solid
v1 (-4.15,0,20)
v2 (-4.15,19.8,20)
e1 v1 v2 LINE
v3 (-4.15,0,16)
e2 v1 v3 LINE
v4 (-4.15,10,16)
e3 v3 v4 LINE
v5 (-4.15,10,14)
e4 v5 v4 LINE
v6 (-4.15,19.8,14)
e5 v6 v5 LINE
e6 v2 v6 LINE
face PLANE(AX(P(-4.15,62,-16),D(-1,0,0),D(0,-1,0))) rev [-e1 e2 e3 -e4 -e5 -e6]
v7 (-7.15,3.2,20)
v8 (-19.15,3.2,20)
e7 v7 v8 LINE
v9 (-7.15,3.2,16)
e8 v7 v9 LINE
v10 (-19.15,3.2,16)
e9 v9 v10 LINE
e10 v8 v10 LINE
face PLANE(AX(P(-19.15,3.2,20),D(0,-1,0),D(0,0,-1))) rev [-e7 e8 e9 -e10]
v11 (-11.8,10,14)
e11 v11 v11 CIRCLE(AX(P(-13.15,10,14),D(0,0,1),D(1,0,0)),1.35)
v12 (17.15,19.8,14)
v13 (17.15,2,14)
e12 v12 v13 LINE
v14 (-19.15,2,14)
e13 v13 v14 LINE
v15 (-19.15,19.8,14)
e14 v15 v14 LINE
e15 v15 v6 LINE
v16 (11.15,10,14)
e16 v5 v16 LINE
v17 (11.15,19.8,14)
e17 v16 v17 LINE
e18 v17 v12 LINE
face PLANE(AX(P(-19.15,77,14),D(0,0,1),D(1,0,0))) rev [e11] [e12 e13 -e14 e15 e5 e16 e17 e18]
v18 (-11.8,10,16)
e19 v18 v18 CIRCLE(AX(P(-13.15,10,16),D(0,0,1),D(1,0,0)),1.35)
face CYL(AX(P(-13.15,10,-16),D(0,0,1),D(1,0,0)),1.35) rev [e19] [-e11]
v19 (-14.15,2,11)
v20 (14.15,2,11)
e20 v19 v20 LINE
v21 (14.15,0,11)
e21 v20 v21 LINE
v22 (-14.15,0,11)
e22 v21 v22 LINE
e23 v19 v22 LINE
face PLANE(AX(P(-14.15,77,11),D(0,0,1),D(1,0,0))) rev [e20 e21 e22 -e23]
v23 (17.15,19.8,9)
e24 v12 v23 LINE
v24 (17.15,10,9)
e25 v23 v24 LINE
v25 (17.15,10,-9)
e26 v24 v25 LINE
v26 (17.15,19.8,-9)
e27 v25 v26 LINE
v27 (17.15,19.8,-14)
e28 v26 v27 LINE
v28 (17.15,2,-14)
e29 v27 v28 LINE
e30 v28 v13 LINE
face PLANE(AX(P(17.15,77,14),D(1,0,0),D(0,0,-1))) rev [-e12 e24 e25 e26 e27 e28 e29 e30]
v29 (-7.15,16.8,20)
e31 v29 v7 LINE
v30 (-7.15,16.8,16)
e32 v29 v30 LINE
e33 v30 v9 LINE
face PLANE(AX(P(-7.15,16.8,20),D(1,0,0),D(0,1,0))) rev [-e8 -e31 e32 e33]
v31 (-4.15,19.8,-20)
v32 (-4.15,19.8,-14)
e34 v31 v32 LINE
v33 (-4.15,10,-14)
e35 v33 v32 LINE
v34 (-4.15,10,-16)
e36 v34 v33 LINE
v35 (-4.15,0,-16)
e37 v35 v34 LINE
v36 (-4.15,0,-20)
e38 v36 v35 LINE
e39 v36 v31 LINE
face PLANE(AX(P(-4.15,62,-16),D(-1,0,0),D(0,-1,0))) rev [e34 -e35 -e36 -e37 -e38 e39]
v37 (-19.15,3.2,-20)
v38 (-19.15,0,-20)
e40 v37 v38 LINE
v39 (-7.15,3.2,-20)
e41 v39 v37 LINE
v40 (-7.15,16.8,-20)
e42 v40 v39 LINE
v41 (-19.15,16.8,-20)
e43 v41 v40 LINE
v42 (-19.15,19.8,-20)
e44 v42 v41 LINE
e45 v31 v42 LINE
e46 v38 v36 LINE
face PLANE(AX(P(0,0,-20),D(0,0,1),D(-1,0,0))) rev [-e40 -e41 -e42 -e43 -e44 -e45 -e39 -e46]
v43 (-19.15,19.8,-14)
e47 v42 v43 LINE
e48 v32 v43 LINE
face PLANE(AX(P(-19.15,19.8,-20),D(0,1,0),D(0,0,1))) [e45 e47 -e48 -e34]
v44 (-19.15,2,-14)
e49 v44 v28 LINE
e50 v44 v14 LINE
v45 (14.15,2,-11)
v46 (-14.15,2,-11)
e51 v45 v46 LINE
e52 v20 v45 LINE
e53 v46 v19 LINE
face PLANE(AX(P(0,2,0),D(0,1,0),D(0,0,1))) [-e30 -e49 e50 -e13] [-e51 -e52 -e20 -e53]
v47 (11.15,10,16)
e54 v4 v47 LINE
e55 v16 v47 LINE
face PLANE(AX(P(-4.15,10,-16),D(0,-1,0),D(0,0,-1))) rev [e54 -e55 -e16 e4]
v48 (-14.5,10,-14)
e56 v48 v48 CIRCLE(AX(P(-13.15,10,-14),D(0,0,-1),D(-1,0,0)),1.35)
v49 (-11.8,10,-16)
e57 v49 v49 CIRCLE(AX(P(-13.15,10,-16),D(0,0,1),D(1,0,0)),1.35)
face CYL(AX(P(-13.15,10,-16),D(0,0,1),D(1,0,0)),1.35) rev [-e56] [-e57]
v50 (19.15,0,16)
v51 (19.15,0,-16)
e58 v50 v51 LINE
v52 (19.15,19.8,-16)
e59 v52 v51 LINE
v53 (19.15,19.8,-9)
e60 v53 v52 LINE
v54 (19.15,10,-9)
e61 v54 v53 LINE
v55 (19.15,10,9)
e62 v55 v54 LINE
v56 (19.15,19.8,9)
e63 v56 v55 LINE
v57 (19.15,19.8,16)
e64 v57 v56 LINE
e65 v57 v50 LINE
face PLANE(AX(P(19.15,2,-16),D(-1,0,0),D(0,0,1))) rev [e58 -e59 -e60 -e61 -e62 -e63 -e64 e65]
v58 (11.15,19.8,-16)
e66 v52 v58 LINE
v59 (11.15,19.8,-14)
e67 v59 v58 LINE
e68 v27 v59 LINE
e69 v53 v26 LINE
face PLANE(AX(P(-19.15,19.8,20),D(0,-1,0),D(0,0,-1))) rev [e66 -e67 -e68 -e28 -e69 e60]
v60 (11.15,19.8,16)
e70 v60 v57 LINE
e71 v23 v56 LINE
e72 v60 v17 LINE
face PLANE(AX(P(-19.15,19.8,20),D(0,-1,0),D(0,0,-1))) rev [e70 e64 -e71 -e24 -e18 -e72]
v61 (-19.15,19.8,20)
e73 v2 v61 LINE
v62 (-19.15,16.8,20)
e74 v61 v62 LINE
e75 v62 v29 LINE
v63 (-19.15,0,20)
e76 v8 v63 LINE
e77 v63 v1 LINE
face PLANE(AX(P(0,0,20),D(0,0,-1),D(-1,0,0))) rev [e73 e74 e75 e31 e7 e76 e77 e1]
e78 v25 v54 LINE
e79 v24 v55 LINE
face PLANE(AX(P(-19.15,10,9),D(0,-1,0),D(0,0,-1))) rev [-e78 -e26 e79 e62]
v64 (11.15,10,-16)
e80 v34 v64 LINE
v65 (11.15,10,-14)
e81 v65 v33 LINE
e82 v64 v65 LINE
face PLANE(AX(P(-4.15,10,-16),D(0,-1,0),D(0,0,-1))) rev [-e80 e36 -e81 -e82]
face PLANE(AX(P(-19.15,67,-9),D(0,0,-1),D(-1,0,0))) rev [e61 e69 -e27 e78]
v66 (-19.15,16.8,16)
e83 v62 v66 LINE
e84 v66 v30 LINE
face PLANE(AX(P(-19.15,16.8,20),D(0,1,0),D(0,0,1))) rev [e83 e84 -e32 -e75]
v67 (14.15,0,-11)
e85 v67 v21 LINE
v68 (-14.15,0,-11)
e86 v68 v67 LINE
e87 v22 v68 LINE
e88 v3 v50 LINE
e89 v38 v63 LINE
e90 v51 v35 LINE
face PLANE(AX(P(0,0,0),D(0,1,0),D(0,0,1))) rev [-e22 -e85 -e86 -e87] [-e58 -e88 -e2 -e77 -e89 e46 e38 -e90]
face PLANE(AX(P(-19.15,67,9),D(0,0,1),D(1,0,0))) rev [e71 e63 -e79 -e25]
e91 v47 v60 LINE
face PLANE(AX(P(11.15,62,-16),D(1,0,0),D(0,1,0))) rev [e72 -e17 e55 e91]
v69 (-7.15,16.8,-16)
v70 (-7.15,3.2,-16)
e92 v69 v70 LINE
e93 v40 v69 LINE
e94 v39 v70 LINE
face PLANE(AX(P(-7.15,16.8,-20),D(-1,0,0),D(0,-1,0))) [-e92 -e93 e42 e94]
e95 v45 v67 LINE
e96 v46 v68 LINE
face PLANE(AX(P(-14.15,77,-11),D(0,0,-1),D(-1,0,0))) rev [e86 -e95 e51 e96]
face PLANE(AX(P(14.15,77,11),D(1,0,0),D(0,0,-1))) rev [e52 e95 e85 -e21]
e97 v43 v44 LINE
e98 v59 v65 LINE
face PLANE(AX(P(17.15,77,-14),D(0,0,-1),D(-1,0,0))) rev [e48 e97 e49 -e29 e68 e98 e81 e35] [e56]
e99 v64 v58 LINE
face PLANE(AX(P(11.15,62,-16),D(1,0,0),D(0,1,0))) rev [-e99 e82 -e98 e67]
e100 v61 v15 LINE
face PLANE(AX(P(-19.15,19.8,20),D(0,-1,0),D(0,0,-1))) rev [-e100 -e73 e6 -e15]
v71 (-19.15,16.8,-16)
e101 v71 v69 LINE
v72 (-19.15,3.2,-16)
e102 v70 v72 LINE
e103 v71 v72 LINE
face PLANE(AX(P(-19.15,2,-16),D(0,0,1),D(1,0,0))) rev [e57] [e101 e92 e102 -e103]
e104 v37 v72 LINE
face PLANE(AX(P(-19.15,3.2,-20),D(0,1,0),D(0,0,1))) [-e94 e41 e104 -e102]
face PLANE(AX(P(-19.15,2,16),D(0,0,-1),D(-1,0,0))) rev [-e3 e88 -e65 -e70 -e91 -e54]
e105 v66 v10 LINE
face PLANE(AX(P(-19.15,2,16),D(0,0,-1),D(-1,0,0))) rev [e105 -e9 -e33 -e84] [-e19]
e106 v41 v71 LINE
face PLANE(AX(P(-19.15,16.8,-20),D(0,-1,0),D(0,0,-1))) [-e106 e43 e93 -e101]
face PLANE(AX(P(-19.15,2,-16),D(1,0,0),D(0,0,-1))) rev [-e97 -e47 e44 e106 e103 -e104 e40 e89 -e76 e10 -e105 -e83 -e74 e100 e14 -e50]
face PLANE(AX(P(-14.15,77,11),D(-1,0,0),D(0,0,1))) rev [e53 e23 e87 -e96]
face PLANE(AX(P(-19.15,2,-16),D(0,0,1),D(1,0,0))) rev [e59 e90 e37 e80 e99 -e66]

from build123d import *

# Parameters (mm, degrees)
SKETCH_1_W           = 38.3
SKETCH_1_H           = 32
EXTRUDE_1_DEPTH      = 2
EXTRUDE_2_DEPTH      = 75
SKETCH_9_R           = 1.35
CUT_EXTRUDE_5_DEPTH  = 33
SKETCH_10_W          = 15.3
SKETCH_10_H          = 52
CUT_EXTRUDE_6_DEPTH  = 33
SKETCH_11_W          = 28.3
SKETCH_11_H          = 22
CUT_EXTRUDE_7_DEPTH  = 78
SKETCH_13_W          = 18
SKETCH_13_H          = 57
CUT_EXTRUDE_8_DEPTH  = 39.3
SKETCH_14_W          = 5
SKETCH_14_H          = 2
CUT_EXTRUDE_9_DEPTH  = 33
EXTRUDE_3_DEPTH      = 4
SKETCH_17_W          = 38.3
SKETCH_17_H          = 32
CUT_EXTRUDE_10_DEPTH = 57.2


with BuildPart() as part:
    # Эскиз1 → Бобышка-Вытянуть1 (new body)
    with BuildSketch(Plane(origin=(0, 0, 0), x_dir=(1, 0, 0), z_dir=(0, 1, 0))):
        Rectangle(SKETCH_1_W, SKETCH_1_H)
    extrude(amount=EXTRUDE_1_DEPTH)

    # Эскиз2 → Бобышка-Вытянуть2 (add)
    with BuildSketch(Plane(origin=(0, 2, 0), x_dir=(1, 0, 0), z_dir=(0, 1, 0))):
        Polygon((-19.15, 16), (19.15, 16), (19.15, -16), (-19.15, -16), (-19.15, -14), (17.15, -14), (17.15, 14), (-19.15, 14), align=None)
    extrude(amount=EXTRUDE_2_DEPTH)

    # Эскиз9 → Вырез-Вытянуть5 (cut, through all)
    with BuildSketch(Plane.XY.offset(16)):
        with Locations((-13.15, 69)):
            Circle(SKETCH_9_R)
        with Locations((-13.15, 10)):
            Circle(SKETCH_9_R)
    extrude(amount=-CUT_EXTRUDE_5_DEPTH, mode=Mode.SUBTRACT)

    # Эскиз10 → Вырез-Вытянуть6 (cut, through all)
    with BuildSketch(Plane.XY.offset(16)):
        with Locations((3.5, 36)):
            Rectangle(SKETCH_10_W, SKETCH_10_H)
    extrude(amount=-CUT_EXTRUDE_6_DEPTH, mode=Mode.SUBTRACT)

    # Эскиз11 → Вырез-Вытянуть7 (cut, through all)
    with BuildSketch(Plane.XZ):
        Rectangle(SKETCH_11_W, SKETCH_11_H)
    extrude(amount=-CUT_EXTRUDE_7_DEPTH, mode=Mode.SUBTRACT)

    # Эскиз13 → Вырез-Вытянуть8 (cut, through all)
    with BuildSketch(Plane(origin=(19.15, 0, 0), x_dir=(0, 0, -1), z_dir=(1, 0, 0))):
        with Locations((0, 38.5)):
            Rectangle(SKETCH_13_W, SKETCH_13_H)
    extrude(amount=-CUT_EXTRUDE_8_DEPTH, mode=Mode.SUBTRACT)

    # Эскиз14 → Вырез-Вытянуть9 (cut, through all)
    with BuildSketch(Plane(origin=(0, 0, -16), x_dir=(-1, 0, 0), z_dir=(0, 0, -1))):
        with Locations((-11.65, 71)):
            Rectangle(SKETCH_14_W, SKETCH_14_H)
        with Locations((1.65, 71)):
            Rectangle(SKETCH_14_W, SKETCH_14_H)
    extrude(amount=-CUT_EXTRUDE_9_DEPTH, mode=Mode.SUBTRACT)

    # Эскиз16 → Бобышка-Вытянуть3 (add)
    with BuildSketch(Plane.XY.offset(16)):
        Polygon((-19.15, 0), (-4.15, 0), (-4.15, 19.8), (-19.15, 19.8), (-19.15, 16.8), (-7.15, 16.8), (-7.15, 3.2), (-19.15, 3.2), align=None)
    extrude_3 = extrude(amount=EXTRUDE_3_DEPTH)

    # Зеркальное отражение1: Бобышка-Вытянуть3 across plane
    add(extrude_3.mirror(Plane.XY))

    # Эскиз17 → Вырез-Вытянуть10 (cut)
    with BuildSketch(Plane(origin=(0, 77, 0), x_dir=(1, 0, 0), z_dir=(0, 1, 0))):
        Rectangle(SKETCH_17_W, SKETCH_17_H)
    extrude(amount=-CUT_EXTRUDE_10_DEPTH, mode=Mode.SUBTRACT)


solid = part.part
